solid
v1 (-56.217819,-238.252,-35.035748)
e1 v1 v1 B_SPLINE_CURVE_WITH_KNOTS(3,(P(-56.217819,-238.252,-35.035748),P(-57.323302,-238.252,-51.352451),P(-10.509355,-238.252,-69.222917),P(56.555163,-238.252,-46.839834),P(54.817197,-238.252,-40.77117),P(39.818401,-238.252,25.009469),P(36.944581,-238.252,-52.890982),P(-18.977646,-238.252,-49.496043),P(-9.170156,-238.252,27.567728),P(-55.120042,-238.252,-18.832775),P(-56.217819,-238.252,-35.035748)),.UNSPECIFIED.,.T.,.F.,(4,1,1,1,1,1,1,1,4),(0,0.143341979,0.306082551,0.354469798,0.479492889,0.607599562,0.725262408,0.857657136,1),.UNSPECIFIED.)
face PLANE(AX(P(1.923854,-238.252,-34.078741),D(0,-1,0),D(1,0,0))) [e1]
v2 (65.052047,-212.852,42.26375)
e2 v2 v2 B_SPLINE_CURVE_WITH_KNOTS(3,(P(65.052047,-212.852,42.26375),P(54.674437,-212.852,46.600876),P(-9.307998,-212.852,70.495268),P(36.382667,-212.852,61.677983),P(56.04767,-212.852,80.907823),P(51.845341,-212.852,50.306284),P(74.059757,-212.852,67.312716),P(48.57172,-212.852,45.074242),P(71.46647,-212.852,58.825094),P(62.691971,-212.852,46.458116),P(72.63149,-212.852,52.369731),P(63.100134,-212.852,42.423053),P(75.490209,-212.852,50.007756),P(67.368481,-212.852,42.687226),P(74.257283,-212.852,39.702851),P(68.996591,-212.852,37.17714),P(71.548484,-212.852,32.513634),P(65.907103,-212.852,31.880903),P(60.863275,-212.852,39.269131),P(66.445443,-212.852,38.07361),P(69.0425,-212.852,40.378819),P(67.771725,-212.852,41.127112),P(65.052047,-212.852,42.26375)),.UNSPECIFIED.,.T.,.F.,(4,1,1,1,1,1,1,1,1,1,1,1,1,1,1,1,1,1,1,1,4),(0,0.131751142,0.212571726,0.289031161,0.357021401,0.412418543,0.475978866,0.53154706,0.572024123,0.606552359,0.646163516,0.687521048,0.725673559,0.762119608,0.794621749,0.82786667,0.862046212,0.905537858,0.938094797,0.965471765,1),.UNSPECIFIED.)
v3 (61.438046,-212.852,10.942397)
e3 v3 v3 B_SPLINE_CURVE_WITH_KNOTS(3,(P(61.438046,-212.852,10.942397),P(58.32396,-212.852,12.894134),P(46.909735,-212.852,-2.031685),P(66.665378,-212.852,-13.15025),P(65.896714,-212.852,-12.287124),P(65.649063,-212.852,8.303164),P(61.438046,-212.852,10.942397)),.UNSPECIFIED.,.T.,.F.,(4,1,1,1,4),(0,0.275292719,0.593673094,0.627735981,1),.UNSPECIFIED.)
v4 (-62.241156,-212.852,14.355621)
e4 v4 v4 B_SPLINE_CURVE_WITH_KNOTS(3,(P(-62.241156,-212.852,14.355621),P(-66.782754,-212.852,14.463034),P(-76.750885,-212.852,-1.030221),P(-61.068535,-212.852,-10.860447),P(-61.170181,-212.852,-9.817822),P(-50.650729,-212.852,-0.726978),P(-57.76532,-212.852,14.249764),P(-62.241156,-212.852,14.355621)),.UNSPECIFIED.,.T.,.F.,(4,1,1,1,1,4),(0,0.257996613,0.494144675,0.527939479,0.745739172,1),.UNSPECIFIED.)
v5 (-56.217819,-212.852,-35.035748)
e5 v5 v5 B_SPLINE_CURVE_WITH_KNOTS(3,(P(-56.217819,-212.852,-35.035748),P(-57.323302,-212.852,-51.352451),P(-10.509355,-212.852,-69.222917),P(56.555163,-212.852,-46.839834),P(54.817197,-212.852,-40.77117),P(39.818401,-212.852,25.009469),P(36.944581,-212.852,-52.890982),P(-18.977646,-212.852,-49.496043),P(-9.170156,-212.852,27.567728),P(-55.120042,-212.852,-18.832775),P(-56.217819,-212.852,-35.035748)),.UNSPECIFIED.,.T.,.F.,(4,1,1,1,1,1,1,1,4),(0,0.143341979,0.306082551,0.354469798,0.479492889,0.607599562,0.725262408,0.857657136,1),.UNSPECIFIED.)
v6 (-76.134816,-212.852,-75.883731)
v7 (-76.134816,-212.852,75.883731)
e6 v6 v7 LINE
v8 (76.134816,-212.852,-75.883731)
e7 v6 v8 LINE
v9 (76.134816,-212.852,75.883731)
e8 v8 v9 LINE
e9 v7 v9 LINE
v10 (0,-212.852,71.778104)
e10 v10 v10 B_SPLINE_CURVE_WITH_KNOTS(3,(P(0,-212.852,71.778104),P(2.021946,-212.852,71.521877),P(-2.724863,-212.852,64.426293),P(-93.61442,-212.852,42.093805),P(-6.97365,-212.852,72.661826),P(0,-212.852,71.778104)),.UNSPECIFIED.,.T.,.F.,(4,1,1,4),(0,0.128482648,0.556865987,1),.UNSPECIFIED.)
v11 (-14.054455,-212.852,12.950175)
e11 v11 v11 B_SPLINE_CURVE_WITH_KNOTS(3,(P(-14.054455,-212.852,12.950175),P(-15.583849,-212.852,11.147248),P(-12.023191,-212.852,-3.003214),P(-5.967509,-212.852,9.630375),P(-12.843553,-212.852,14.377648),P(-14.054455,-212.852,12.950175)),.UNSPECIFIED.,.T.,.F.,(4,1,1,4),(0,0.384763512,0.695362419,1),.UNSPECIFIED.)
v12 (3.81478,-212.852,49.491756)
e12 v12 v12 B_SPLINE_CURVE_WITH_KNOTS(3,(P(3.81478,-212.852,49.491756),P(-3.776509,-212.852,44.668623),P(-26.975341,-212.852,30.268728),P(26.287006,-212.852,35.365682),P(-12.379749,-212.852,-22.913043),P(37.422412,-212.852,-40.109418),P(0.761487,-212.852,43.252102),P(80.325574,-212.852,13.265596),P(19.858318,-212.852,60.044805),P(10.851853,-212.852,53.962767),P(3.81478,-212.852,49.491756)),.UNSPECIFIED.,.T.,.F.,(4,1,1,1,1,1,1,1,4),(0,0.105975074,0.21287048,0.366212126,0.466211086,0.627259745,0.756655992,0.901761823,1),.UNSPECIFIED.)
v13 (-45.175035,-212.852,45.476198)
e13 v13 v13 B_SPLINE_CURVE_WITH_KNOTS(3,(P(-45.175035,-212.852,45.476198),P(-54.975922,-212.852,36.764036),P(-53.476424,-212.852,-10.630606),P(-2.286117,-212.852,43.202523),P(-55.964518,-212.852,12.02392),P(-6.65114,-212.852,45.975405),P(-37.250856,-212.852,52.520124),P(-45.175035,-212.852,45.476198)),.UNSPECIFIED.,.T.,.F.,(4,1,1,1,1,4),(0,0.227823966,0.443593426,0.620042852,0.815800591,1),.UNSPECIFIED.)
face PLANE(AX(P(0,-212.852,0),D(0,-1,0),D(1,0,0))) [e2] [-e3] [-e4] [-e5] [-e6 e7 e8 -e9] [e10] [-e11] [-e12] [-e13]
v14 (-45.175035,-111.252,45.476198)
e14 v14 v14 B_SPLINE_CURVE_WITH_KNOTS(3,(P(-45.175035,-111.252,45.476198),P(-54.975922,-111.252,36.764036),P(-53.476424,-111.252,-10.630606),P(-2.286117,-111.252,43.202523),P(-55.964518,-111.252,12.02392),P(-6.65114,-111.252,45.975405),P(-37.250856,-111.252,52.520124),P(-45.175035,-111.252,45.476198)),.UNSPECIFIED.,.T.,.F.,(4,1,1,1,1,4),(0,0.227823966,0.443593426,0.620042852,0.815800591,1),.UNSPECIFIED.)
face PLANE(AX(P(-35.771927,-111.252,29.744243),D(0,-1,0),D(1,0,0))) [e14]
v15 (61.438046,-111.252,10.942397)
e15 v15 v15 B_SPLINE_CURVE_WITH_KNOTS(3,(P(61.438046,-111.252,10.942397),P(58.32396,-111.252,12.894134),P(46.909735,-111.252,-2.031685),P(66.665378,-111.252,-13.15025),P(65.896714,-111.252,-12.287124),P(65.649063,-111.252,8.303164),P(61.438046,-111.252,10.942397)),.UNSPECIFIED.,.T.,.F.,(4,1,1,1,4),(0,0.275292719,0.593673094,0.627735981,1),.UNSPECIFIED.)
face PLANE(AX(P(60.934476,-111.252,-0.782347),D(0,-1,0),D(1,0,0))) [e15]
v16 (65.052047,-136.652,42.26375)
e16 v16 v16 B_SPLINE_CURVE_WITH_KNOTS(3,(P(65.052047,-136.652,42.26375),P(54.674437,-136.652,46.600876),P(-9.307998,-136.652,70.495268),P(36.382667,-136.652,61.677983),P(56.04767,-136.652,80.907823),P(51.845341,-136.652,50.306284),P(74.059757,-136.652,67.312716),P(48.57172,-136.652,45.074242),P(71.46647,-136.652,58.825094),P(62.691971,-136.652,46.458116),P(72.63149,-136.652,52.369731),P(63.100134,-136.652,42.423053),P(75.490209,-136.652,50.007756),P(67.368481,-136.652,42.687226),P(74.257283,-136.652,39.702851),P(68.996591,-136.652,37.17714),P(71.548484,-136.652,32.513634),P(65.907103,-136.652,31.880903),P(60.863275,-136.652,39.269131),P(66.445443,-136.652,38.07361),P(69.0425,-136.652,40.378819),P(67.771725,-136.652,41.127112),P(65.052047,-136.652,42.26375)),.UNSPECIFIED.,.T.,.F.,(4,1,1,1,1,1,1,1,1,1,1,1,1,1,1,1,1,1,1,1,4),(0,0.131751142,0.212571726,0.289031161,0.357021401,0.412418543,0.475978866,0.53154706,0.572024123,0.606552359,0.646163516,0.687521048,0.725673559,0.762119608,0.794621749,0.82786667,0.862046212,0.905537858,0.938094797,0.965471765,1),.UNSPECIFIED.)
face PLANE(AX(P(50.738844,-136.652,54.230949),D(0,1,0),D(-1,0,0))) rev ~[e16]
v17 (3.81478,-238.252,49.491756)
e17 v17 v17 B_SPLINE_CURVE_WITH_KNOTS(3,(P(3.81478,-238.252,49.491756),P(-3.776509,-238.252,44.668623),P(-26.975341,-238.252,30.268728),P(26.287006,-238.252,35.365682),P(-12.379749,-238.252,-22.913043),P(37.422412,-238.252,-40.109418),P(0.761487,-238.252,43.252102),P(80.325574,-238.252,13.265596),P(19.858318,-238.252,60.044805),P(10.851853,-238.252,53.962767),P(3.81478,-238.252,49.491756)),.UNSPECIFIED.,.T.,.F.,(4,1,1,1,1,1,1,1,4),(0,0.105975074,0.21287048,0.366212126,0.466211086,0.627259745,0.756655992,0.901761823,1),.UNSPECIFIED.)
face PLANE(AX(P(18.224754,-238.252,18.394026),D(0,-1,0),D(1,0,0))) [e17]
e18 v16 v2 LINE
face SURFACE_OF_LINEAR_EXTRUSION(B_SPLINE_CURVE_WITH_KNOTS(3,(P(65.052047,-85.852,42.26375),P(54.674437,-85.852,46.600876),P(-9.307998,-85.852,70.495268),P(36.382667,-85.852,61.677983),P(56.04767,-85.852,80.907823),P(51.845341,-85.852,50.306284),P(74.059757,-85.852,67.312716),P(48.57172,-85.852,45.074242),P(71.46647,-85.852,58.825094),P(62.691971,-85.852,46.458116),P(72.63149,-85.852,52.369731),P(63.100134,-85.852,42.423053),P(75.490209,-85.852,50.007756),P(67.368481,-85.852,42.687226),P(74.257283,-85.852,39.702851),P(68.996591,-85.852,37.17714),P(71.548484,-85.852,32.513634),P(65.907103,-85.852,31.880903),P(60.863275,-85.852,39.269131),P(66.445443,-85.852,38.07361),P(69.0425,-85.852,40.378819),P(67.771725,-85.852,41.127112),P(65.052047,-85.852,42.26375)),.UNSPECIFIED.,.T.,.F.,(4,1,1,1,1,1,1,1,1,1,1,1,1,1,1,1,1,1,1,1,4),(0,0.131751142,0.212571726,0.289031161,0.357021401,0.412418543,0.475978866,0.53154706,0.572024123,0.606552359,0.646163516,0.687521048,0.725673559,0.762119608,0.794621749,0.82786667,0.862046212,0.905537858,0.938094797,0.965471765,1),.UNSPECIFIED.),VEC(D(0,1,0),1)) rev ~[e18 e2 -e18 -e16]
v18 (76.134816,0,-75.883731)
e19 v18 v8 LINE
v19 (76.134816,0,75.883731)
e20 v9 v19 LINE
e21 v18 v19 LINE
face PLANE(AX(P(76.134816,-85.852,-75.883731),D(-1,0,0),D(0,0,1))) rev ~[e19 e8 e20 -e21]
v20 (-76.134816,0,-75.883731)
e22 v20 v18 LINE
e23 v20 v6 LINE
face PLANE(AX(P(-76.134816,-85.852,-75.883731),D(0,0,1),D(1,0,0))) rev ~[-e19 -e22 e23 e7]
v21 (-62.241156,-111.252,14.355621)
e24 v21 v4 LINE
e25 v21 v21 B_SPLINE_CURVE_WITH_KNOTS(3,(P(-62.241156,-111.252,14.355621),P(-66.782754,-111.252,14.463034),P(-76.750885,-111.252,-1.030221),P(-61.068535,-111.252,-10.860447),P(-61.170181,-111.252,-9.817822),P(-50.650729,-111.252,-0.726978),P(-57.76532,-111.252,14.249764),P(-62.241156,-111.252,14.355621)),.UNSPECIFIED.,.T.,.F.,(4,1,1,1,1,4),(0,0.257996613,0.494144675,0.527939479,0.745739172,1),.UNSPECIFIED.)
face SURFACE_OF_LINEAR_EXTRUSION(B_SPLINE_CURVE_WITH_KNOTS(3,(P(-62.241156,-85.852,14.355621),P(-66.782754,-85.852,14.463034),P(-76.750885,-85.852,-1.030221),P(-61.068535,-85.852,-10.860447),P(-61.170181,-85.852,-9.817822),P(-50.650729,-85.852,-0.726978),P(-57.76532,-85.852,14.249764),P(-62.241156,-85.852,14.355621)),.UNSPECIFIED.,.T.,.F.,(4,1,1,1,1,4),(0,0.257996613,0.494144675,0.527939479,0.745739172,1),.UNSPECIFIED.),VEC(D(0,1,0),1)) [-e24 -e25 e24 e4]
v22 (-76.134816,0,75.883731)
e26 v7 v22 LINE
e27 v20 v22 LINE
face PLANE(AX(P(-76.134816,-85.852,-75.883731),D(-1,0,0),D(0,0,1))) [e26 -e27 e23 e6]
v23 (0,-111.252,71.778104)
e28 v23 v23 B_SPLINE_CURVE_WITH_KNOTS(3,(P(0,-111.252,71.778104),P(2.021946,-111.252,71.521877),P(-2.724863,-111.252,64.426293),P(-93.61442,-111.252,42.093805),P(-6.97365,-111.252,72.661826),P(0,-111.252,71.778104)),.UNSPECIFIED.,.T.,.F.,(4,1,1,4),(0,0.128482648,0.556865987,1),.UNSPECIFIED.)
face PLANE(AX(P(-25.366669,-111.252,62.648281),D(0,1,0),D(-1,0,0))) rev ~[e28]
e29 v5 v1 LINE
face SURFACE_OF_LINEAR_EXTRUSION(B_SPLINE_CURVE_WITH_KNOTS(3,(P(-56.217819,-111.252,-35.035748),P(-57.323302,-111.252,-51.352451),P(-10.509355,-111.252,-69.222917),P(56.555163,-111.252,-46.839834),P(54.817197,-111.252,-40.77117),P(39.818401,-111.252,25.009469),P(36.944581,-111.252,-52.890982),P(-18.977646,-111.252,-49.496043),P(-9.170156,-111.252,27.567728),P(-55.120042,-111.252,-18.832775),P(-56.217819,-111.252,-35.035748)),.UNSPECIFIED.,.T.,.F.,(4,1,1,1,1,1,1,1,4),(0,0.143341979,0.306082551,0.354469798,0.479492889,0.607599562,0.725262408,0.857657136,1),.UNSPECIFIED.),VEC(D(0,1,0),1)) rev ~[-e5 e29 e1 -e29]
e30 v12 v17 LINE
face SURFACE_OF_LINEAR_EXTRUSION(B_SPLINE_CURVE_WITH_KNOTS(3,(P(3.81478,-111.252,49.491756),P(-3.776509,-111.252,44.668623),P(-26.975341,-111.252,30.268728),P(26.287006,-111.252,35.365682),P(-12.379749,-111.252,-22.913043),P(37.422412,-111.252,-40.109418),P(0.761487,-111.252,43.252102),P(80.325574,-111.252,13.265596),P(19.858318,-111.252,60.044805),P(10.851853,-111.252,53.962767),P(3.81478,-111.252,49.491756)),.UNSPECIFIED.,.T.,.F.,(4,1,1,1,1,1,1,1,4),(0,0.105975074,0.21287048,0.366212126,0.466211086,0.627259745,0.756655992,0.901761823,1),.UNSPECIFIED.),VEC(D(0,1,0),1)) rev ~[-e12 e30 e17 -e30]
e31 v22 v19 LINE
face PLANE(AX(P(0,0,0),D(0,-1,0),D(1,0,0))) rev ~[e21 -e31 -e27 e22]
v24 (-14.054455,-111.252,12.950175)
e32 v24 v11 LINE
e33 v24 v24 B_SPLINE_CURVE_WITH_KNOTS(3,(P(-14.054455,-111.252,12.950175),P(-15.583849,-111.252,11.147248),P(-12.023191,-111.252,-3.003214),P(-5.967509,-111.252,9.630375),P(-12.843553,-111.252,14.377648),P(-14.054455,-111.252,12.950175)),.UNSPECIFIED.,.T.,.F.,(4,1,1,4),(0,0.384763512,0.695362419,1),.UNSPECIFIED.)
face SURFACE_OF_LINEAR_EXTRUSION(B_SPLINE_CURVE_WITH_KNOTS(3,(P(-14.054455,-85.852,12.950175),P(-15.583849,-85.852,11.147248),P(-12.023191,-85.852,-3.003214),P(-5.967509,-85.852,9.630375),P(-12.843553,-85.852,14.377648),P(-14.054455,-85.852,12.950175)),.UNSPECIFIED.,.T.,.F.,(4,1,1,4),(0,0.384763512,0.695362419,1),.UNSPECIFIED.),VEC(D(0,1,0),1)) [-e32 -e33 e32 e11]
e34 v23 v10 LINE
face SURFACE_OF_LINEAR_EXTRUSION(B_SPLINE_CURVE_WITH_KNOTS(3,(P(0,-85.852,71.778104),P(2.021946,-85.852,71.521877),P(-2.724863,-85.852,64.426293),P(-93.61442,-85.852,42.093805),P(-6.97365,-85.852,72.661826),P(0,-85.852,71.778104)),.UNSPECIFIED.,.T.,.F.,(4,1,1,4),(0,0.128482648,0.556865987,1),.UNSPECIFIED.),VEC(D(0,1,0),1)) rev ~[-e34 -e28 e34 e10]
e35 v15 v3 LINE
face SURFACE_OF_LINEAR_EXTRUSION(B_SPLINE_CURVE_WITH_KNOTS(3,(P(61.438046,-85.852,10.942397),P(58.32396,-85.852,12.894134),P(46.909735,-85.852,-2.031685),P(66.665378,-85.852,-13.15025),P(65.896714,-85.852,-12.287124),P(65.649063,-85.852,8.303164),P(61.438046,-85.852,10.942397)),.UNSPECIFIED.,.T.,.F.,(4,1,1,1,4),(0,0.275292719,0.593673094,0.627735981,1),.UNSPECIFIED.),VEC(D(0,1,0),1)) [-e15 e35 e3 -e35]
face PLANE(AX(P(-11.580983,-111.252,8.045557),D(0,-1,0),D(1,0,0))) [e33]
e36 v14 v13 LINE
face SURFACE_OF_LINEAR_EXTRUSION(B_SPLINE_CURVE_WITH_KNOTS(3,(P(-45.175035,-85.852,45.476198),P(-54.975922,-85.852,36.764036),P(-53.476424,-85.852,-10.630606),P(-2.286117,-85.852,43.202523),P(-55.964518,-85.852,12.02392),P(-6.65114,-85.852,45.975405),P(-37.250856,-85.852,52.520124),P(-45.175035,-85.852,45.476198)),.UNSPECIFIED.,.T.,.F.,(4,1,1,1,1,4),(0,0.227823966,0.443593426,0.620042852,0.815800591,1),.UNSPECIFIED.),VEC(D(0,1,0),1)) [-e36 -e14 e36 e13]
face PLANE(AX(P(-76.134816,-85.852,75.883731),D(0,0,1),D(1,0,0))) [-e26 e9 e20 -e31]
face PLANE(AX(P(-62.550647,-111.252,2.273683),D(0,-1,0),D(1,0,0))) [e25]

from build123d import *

# Parameters (mm, degrees)
F0_W     = 152.2696316242
F0_H     = 151.767462492
F1_DEPTH = 85.852
F3_DEPTH = 25.4
F4_DEPTH = 127
F5_DEPTH = 127
F6_DEPTH = 25.4


with BuildPart() as f1:
    # F0 (on Front) → F1 (new body)
    with BuildSketch(Plane.XZ):
        Rectangle(F0_W, F0_H)
    extrude(amount=F1_DEPTH)

    # F2 (on face) → F3 (join)
    with BuildSketch(Plane.XZ.offset(85.852)):
        with BuildLine():
            add(Edge.make_bspline(
                [(-45.1750345528, 45.4761981964), (-54.9759224721, 36.7640361487), (-53.4764244468, -10.6306056769), (-2.2861173121, 43.2025231052), (-55.9645178604, 12.0239199511), (-6.6511398541, 45.9754046964), (-37.250856103, 52.5201239425), (-45.1750345528, 45.4761981964)],
                knots=[0, 0, 0, 0, 0.2278239664, 0.4435934256, 0.6200428521, 0.8158005907, 1, 1, 1, 1], degree=3))
        make_face()
        with BuildLine():
            add(Edge.make_bspline(
                [(3.8147799205, 49.4917556643), (-3.7765087934, 44.6686232117), (-26.9753414979, 30.2687276967), (26.2870063287, 35.3656823237), (-12.3797485127, -22.9130434091), (37.4224120396, -40.1094176462), (0.761487405, 43.2521021518), (80.3255742687, 13.2655962495), (19.8583183654, 60.0448051956), (10.851853259, 53.9627668548), (3.8147799205, 49.4917556643)],
                knots=[0, 0, 0, 0, 0.1059750739, 0.2128704803, 0.3662121258, 0.4662110863, 0.6272597451, 0.7566559923, 0.9017618227, 1, 1, 1, 1], degree=3))
        make_face()
        with BuildLine():
            add(Edge.make_bspline(
                [(-56.2178194523, -35.0357480347), (-57.3233017837, -51.3524510712), (-10.5093553597, -69.2229174734), (56.5551632914, -46.8398341729), (54.8171969708, -40.7711699837), (39.8184009867, 25.0094692538), (36.9445805635, -52.8909824882), (-18.9776463472, -49.4960427128), (-9.1701559307, 27.5677283571), (-55.1200424982, -18.8327748598), (-56.2178194523, -35.0357480347)],
                knots=[0, 0, 0, 0, 0.1433419792, 0.3060825513, 0.3544697981, 0.4794928892, 0.6075995621, 0.7252624079, 0.8576571359, 1, 1, 1, 1], degree=3))
        make_face()
        with BuildLine():
            add(Edge.make_bspline(
                [(-14.0544548631, 12.9501754418), (-15.5838492203, 11.1472479658), (-12.0231908838, -3.0032140805), (-5.9675090396, 9.6303752979), (-12.8435526279, 14.3776482844), (-14.0544548631, 12.9501754418)],
                knots=[0, 0, 0, 0, 0.3847635122, 0.6953624193, 1, 1, 1, 1], degree=3))
        make_face()
        with BuildLine():
            add(Edge.make_bspline(
                [(-62.2411556542, 14.3556213006), (-66.7827536505, 14.4630337058), (-76.7508853215, -1.0302211406), (-61.0685354265, -10.8604468452), (-61.1701812198, -9.8178216454), (-50.6507289871, -0.7269778669), (-57.7653199031, 14.2497642249), (-62.2411556542, 14.3556213006)],
                knots=[0, 0, 0, 0, 0.2579966134, 0.4941446753, 0.5279394788, 0.7457391723, 1, 1, 1, 1], degree=3))
        make_face()
        with BuildLine():
            add(Edge.make_bspline(
                [(61.4380463958, 10.9423967078), (58.3239602938, 12.8941336712), (46.9097347611, -2.0316850929), (66.6653777898, -13.1502504445), (65.8967141668, -12.2871243144), (65.6490629957, 8.3031643672), (61.4380463958, 10.9423967078)],
                knots=[0, 0, 0, 0, 0.275292719, 0.5936730939, 0.6277359805, 1, 1, 1, 1], degree=3))
        make_face()
        with BuildLine():
            add(Edge.make_bspline(
                [(0, 71.7781037092), (2.0219458404, 71.5218766146), (-2.7248634074, 64.4262927723), (-93.6144204832, 42.0938049981), (-6.9736496619, 72.6618256945), (0, 71.7781037092)],
                knots=[0, 0, 0, 0, 0.1284826479, 0.5568659871, 1, 1, 1, 1], degree=3))
        make_face()
        with BuildLine():
            add(Edge.make_bspline(
                [(65.0520473719, 42.2637499869), (54.6744369979, 46.6008755587), (-9.3079977574, 70.4952675741), (36.3826668482, 61.677983264), (56.0476701892, 80.9078233822), (51.8453407478, 50.3062844727), (74.0597568007, 67.312716205), (48.5717201896, 45.0742418673), (71.4664697922, 58.8250943652), (62.6919708076, 46.4581159819), (72.6314903652, 52.3697309811), (63.1001339558, 42.4230527083), (75.4902094672, 50.0077560259), (67.3684806515, 42.687225646), (74.257283421, 39.7028508568), (68.996590855, 37.1771395928), (71.548484217, 32.5136339372), (65.907103151, 31.8809030835), (60.8632745977, 39.2691305854), (66.4454431933, 38.0736104533), (69.0425004702, 40.3788185295), (67.7717245304, 41.1271124638), (65.0520473719, 42.2637499869)],
                knots=[0, 0, 0, 0, 0.1317511424, 0.2125717264, 0.2890311612, 0.3570214013, 0.4124185431, 0.4759788663, 0.5315470602, 0.5720241233, 0.6065523594, 0.6461635164, 0.6875210483, 0.7256735591, 0.7621196078, 0.7946217487, 0.82786667, 0.8620462117, 0.9055378578, 0.9380947972, 0.9654717647, 1, 1, 1, 1], degree=3))
        make_face()
    extrude(amount=F3_DEPTH)

    # F4 (add): faces of the model
    f4_faces = [f1.faces().sort_by_distance(p)[0] for p in [
        (0.0906757556, -85.852, -0.3479160925),
        (41.1519703516, -111.252, -6.9728138258),
    ]]
    extrude(f4_faces, amount=F4_DEPTH)

    # F5 (add): a face of the model
    f5_faces = [f1.faces().sort_by_distance(p)[0] for p in [
        (17.6028858592, -111.252, 20.438025834),
    ]]
    extrude(f5_faces, amount=F5_DEPTH)

    # F6 (add): a face of the model
    f6_faces = [f1.faces().sort_by_distance(p)[0] for p in [
        (47.1858944282, -111.252, 56.426423948),
    ]]
    extrude(f6_faces, amount=F6_DEPTH)


solid = f1.part
